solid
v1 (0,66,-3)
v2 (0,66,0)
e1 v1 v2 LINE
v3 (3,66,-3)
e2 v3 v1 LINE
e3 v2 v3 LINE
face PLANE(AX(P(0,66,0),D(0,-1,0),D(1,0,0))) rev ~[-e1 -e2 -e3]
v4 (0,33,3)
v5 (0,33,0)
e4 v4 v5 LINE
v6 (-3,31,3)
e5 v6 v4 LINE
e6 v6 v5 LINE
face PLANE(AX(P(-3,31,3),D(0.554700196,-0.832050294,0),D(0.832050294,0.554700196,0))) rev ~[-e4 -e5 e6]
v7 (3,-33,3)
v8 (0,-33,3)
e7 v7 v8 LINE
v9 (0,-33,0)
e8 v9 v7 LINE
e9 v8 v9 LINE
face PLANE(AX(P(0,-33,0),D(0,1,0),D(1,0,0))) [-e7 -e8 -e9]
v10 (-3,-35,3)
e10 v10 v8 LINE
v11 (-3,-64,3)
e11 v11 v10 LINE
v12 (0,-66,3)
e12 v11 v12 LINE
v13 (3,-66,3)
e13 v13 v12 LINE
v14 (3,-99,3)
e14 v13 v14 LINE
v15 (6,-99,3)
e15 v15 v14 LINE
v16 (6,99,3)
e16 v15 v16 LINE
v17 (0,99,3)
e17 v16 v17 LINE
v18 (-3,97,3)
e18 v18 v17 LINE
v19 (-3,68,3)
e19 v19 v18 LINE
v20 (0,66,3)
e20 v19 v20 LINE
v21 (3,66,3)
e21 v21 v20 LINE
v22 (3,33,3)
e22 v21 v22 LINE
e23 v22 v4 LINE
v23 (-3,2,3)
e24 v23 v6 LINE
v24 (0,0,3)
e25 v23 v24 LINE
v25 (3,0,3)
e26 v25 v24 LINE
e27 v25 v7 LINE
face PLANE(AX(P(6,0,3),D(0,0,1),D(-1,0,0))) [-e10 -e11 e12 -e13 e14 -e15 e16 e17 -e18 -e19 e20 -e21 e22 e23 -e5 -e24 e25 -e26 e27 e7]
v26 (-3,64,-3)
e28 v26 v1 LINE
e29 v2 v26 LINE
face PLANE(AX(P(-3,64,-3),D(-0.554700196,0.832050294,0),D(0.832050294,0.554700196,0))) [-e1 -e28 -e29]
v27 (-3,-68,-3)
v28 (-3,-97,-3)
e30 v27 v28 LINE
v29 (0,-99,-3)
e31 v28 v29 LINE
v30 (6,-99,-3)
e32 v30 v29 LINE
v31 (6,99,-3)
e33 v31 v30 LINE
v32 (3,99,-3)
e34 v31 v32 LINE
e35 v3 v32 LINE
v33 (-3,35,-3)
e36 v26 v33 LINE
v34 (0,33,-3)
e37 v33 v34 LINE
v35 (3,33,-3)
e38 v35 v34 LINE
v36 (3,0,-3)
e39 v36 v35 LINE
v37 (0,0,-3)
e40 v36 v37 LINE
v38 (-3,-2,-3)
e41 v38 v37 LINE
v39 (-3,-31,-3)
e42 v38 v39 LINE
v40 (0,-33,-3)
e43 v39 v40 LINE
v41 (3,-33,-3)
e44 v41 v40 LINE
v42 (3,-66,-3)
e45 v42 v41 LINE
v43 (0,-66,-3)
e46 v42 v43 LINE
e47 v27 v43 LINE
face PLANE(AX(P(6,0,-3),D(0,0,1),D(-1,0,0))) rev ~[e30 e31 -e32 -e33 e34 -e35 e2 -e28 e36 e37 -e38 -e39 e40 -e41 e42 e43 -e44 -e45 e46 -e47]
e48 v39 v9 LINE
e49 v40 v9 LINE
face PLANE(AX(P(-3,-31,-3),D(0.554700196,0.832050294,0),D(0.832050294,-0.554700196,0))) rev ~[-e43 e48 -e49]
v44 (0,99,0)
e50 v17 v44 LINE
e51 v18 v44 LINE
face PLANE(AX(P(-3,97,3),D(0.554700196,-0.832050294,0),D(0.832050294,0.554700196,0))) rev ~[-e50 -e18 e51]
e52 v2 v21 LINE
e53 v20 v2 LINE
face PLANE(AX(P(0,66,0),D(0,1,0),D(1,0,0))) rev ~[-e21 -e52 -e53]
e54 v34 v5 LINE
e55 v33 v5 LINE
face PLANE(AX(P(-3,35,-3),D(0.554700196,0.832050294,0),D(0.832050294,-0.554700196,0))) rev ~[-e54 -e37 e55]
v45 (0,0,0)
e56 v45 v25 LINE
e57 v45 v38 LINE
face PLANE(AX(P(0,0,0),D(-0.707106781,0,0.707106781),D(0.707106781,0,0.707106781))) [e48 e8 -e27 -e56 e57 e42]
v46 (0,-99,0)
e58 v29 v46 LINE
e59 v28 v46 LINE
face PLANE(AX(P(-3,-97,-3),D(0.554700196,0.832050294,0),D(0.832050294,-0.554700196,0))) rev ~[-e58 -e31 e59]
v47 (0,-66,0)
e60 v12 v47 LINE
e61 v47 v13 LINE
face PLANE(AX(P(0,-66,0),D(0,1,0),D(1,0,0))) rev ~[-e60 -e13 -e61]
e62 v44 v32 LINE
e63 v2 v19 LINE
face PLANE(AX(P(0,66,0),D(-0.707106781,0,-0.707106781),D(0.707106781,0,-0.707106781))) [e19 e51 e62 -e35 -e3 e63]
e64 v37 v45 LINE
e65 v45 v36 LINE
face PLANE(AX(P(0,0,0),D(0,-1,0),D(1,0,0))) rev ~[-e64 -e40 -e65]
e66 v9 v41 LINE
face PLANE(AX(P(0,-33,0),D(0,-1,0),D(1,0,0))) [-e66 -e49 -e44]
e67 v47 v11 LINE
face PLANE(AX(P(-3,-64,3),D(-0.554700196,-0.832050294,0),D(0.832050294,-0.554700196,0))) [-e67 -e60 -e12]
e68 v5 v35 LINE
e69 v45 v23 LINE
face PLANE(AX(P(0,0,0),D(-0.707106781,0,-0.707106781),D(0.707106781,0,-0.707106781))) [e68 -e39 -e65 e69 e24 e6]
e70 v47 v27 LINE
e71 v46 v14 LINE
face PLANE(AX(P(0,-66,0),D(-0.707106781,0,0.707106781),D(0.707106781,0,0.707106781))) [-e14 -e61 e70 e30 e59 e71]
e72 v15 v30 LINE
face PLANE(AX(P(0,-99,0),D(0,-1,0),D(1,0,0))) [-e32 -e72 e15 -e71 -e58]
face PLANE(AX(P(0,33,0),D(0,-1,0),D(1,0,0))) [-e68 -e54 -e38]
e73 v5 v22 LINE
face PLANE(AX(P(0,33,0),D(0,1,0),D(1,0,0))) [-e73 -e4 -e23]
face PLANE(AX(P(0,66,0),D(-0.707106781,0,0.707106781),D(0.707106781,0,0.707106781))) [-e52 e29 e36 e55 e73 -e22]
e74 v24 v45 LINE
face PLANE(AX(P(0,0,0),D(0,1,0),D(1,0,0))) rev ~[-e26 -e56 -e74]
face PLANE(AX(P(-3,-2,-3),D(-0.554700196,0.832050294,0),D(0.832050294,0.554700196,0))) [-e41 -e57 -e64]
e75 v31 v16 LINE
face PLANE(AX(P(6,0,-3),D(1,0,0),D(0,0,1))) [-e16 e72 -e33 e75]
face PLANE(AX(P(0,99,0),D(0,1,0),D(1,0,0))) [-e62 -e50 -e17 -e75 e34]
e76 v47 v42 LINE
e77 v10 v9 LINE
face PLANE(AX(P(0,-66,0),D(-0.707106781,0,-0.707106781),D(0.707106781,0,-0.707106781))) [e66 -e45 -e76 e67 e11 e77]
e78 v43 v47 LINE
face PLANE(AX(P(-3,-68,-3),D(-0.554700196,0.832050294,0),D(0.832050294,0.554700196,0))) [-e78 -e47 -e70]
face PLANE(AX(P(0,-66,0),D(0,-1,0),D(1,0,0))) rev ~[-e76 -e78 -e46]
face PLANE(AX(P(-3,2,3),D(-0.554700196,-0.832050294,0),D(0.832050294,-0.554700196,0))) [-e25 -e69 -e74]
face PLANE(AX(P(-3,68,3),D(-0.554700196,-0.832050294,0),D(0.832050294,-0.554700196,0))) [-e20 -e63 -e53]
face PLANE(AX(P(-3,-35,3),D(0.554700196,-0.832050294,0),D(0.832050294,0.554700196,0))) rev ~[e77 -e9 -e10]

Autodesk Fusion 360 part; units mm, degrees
sketch "wedge side" plane through (0, 0, 0) normal (0, 1, 0) x (1, 0, 0)
  line L0 (0, 0) -> (5.0614, 5.0614)
  line L1 (0, 0) -> (7.1578, 0) construction
  line L2 (0, 0) -> (-1.312, -1.312)
  line L3 (-1.312, -1.312) -> (-10.924, -10.924)
  line L4 (12.4749, 3) -> (-4.8473, 3)
  line L5 (8.9736, -3) -> (-11.747, -3)
  line L6 (6, 3) -> (6, -3)
  dimension "d3" = 45
  dimension "d4" = 3
  dimension "d5" = 3
  dimension "d6" = 6
extrude "Extrude1" add sketch "wedge side" along normal blind 33 makes body 1
sketch "clip corners" plane through (0, 0, 3) normal (0, 0, 1) x (1, 0, 0)
  line L0 (-3, 0) -> (6, 0)
  line L1 (6, 0) -> (6, 33)
  line L2 (6, 33) -> (-3, 33)
  line L3 (-3, 33) -> (-3, 0)
  line L4 (-3, 31) -> (0, 33)
  line L5 (6, 16.5) -> (-3, 16.5) construction
  line L6 (-3, 2) -> (0, 0)
  dimension "d9" = 2
  dimension "d10" = 3
extrude "Extrude2" cut sketch "clip corners" against normal blind 10 contours L0 L3 L6 | L2 L3 L4 bodies 1
copy_body "CopyPasteBodies1" bodies 1 makes body 2
move_body "Move1" bodies 2 to x (1, 0, 0) y (0, -1, 0) z (0, 0, -1) at (0, 0, 0)
combine "Combine1" operation add target body 1 tool bodies 2
pattern_linear "R-Pattern1" count 3 spacing 66 along (0, 1, 0) both ways of bodies 1 makes body 3 at (6, -77, -1) makes body 4 at (6, 55, -1)
combine "Combine2" operation add target body 1 tool bodies 3 4
